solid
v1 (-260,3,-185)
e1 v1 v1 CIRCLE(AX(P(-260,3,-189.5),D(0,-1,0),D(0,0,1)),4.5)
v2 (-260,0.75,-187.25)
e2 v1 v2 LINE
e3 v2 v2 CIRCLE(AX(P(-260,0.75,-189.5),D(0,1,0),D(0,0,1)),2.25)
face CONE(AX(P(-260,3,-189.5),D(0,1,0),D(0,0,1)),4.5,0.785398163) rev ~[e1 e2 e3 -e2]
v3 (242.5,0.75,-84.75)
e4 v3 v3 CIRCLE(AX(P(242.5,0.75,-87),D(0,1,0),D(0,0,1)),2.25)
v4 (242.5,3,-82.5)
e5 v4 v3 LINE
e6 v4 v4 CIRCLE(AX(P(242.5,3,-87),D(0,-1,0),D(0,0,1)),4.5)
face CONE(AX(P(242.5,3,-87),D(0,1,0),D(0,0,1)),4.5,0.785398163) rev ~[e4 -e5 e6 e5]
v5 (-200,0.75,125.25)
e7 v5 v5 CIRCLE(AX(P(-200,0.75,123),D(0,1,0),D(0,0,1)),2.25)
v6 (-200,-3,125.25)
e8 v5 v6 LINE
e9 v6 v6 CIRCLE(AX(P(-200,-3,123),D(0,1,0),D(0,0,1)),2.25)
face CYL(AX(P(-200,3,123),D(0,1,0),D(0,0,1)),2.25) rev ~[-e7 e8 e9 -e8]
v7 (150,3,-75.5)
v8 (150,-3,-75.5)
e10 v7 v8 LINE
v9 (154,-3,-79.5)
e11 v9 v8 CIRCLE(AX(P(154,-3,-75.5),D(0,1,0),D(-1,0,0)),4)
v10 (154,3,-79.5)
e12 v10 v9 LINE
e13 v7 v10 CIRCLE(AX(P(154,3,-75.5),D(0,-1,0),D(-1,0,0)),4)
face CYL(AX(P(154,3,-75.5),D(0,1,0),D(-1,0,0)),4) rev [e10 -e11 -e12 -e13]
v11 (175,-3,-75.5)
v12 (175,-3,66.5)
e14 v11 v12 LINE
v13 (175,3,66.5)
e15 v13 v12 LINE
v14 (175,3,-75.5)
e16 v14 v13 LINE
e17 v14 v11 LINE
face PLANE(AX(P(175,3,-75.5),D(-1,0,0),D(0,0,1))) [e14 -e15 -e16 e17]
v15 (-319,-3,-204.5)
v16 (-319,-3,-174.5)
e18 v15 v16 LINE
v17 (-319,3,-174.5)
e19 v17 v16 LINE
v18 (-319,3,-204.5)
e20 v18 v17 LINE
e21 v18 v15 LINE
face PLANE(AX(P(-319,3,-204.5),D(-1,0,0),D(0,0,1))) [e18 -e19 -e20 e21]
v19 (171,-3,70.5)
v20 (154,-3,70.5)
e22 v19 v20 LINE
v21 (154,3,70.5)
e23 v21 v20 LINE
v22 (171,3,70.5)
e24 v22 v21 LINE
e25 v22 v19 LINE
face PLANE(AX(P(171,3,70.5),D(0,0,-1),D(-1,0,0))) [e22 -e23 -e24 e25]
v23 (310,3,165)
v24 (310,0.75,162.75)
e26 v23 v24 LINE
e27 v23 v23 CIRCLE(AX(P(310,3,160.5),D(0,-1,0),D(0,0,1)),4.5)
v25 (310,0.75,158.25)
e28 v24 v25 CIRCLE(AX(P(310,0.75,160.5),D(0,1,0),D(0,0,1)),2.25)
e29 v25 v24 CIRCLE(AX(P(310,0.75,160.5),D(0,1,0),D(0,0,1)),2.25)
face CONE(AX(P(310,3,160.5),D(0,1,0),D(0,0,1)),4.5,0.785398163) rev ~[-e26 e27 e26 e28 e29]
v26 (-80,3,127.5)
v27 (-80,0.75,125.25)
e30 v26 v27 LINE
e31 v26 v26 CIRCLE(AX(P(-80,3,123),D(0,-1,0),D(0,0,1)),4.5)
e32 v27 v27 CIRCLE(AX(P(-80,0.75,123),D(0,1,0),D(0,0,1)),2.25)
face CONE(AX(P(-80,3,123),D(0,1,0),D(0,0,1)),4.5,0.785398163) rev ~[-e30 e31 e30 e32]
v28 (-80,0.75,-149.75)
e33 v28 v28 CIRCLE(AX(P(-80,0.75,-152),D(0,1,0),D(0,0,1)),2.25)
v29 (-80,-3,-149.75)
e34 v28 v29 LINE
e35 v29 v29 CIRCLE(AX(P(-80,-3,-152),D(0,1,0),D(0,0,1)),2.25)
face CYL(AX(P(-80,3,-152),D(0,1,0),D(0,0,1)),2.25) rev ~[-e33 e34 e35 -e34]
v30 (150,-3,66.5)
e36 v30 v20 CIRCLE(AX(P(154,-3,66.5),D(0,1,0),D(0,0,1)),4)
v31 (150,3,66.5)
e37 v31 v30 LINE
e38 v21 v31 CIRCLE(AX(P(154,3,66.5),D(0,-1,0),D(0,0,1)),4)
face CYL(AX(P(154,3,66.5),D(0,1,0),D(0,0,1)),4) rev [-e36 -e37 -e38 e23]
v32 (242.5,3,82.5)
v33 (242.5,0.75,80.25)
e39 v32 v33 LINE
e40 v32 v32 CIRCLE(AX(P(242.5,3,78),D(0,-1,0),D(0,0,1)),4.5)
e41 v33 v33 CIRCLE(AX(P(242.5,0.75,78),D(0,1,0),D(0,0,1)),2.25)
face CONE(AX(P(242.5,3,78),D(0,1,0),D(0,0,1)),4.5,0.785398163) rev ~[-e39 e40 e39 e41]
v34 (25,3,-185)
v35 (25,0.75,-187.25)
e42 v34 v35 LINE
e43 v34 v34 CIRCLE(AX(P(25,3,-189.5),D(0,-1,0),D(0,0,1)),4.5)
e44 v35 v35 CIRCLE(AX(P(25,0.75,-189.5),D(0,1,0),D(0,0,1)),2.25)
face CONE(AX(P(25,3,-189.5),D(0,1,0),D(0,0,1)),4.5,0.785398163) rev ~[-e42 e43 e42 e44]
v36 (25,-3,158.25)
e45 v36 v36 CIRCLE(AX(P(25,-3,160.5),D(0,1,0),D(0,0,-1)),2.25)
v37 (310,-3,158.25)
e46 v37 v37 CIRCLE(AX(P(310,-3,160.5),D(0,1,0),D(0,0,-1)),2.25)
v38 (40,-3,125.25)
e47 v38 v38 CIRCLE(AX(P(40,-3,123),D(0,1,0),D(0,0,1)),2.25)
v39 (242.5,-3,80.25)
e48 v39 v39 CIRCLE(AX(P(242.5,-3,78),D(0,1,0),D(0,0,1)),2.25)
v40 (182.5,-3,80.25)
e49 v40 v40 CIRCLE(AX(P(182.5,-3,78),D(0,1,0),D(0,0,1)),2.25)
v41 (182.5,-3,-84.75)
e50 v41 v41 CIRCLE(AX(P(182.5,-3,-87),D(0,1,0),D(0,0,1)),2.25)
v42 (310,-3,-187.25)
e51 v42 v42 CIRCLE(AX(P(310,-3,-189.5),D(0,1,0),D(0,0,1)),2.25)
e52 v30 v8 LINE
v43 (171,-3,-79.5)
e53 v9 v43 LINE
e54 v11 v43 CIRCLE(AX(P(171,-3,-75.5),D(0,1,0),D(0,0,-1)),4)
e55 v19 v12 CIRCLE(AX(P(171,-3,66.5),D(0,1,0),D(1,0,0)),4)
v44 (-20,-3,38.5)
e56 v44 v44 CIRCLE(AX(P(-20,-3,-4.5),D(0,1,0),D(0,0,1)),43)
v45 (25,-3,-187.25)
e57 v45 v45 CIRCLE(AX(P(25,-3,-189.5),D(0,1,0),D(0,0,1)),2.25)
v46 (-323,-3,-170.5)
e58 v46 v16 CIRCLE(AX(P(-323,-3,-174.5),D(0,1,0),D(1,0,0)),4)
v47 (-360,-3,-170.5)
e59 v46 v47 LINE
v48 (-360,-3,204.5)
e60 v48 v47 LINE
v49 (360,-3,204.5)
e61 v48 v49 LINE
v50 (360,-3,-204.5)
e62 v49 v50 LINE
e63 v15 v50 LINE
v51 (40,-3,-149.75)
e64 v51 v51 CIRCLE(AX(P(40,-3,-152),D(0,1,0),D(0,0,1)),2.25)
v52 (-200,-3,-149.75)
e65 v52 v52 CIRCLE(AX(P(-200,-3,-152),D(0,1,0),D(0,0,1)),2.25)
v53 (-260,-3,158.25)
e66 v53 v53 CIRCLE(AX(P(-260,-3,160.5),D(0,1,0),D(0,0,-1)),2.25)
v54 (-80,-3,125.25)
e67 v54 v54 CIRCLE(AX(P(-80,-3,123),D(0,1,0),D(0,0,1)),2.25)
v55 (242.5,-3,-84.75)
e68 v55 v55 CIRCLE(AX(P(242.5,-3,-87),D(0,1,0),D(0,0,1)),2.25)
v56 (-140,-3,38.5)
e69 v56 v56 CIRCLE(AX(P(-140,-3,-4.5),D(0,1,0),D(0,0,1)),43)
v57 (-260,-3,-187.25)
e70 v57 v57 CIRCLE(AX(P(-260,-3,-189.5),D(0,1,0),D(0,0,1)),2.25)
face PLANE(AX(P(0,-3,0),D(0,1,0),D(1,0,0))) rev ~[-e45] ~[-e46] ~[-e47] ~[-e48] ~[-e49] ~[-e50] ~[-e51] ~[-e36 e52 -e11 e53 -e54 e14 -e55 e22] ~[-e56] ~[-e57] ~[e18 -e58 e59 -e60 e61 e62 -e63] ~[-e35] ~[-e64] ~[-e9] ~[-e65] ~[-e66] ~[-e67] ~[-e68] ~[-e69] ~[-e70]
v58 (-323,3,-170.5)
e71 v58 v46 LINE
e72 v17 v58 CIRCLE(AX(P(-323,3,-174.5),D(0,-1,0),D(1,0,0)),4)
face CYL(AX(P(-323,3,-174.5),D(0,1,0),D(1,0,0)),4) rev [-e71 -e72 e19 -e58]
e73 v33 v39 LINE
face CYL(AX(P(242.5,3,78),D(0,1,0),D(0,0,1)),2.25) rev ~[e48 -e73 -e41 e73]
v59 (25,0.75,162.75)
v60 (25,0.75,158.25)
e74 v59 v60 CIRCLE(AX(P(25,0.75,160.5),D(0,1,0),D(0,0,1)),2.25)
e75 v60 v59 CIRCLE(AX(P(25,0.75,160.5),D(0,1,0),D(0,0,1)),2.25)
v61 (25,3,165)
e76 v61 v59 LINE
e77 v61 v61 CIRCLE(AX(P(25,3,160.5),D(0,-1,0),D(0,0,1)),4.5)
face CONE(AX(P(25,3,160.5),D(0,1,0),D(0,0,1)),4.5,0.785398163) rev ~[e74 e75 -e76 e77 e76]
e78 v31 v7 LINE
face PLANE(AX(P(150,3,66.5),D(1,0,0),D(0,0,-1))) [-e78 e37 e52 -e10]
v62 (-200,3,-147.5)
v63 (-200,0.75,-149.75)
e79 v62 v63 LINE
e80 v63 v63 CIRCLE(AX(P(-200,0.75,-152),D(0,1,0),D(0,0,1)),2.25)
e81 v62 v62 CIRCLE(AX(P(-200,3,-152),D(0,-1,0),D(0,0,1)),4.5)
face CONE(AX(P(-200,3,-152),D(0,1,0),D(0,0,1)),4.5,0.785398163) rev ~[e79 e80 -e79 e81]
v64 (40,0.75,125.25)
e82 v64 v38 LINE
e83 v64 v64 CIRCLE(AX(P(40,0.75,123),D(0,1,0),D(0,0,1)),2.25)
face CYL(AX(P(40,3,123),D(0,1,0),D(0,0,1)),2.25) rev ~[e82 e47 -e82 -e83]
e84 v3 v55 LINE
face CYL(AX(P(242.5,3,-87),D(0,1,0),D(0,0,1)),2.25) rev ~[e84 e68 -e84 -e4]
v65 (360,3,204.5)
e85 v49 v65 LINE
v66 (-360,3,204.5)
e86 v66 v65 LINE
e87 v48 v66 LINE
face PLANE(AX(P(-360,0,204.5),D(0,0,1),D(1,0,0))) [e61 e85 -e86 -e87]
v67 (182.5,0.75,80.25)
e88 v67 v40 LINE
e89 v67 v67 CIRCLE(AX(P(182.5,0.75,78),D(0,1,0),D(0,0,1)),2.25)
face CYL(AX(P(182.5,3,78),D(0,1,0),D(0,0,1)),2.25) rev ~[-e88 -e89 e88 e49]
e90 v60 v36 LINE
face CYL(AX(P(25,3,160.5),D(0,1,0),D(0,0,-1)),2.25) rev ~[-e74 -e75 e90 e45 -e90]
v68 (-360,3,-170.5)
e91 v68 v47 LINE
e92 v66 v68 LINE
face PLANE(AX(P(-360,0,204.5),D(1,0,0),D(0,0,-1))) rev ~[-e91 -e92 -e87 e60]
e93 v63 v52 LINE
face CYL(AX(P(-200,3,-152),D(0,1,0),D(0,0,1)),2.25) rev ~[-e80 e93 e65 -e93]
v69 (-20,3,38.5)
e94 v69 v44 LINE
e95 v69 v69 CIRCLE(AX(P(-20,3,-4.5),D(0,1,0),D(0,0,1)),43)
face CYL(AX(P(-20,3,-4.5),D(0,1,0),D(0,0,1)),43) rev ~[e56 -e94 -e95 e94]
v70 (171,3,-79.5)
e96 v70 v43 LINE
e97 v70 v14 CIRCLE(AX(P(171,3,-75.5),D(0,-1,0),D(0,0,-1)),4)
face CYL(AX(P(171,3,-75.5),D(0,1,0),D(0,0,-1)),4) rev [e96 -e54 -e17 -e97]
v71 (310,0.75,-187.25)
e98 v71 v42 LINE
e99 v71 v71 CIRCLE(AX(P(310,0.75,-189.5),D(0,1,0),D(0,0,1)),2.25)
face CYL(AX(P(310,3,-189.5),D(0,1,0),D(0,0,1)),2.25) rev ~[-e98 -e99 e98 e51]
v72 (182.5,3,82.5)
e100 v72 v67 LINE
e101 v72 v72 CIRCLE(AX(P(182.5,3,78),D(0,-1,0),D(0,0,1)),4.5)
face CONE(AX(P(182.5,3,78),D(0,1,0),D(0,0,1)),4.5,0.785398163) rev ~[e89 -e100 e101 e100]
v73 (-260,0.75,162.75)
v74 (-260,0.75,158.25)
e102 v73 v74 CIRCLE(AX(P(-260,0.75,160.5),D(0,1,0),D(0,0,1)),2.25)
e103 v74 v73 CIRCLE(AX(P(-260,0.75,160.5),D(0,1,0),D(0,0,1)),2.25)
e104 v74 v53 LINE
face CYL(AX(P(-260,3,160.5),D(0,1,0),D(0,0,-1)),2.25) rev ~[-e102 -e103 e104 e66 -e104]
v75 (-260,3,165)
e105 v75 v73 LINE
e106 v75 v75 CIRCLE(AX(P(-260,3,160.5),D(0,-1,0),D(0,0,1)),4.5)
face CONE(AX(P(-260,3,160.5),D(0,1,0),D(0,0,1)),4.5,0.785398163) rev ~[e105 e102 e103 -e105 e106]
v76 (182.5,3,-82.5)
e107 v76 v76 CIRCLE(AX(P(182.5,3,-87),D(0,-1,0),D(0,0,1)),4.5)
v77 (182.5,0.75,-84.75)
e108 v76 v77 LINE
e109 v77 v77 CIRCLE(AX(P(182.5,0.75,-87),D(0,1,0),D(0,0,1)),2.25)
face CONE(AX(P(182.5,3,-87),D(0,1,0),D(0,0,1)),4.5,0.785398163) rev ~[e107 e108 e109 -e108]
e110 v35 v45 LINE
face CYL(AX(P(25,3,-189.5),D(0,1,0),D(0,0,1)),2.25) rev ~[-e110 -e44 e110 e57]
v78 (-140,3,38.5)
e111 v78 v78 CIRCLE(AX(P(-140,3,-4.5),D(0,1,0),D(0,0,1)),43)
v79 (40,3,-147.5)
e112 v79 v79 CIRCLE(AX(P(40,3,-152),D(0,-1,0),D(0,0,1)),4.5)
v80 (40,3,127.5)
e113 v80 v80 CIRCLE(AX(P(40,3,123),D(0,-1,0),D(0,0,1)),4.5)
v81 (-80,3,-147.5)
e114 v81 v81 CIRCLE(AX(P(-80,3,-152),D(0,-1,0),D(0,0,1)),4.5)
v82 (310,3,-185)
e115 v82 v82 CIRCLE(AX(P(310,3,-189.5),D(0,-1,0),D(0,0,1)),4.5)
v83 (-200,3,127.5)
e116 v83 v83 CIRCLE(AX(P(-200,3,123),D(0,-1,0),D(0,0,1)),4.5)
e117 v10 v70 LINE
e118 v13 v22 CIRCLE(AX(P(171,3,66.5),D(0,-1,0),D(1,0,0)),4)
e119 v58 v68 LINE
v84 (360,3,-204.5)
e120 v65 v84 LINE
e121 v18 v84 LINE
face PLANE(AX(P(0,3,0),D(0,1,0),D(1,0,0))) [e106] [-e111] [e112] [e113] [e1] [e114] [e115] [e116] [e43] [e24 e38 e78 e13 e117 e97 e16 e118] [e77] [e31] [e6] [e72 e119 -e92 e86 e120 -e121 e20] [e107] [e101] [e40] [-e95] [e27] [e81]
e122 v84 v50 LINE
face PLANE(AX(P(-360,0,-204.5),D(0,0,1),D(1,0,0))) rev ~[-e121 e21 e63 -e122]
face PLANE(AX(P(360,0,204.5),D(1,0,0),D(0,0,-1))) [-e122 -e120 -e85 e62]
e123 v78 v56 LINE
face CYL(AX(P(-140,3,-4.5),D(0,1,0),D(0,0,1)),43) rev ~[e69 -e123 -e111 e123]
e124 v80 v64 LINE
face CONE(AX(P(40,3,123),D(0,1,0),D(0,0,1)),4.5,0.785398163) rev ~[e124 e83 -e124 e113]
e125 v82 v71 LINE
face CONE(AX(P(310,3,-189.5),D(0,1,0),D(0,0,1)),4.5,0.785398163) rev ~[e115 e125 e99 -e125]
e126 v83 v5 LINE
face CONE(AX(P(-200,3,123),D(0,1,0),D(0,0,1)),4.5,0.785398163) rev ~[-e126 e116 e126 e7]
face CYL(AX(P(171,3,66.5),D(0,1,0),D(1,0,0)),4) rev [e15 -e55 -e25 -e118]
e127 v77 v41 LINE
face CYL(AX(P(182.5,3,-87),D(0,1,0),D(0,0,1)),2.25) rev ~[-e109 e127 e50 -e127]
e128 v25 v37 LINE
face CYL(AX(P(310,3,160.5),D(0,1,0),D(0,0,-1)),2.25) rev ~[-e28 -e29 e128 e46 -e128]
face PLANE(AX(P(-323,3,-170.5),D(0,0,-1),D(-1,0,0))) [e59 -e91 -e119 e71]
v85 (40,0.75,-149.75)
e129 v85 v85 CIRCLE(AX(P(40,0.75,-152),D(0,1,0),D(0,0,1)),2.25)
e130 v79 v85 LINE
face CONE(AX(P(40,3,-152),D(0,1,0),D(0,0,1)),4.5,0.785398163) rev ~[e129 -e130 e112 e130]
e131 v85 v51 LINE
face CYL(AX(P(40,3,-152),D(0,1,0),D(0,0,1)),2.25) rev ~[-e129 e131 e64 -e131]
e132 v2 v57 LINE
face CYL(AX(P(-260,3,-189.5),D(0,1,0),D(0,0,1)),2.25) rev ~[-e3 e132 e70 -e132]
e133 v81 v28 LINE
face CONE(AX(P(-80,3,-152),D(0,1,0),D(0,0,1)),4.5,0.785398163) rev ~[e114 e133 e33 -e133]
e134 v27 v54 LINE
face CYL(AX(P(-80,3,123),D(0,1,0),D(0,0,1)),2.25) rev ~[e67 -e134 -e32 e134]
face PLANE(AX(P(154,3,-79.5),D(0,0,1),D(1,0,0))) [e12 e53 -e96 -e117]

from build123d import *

# Parameters (mm, degrees)
SKETCH1_W           = 720
SKETCH1_H           = 409
BOSS_EXTRUDE1_DEPTH = 3
CUT_EXTRUDE2_DEPTH  = 415.072759307
CUT_EXTRUDE3_DEPTH  = 415.072759307
SKETCH7_R           = 2.25
CUT_EXTRUDE4_DEPTH  = 415.072759307
SKETCH9_R           = 43
CUT_EXTRUDE6_DEPTH  = 415.072759308


with BuildPart() as part:
    # Sketch1 → Boss-Extrude1 (new, symmetric)
    with BuildSketch(Plane(origin=(0, 0, 0), x_dir=(1, 0, 0), z_dir=(0, 1, 0))):
        Rectangle(SKETCH1_W, SKETCH1_H)
    extrude(amount=BOSS_EXTRUDE1_DEPTH, both=True)

    # Sketch5 → Cut-Extrude2 (cut, through all)
    with BuildSketch(Plane(origin=(0, 3, 0), x_dir=(1, 0, 0), z_dir=(0, 1, 0))):
        with BuildLine():
            Line((154, 79.5), (171, 79.5))
            ThreePointArc((171, 79.5), (173.828427125, 78.328427125), (175, 75.5))
            Line((175, 75.5), (175, -66.5))
            ThreePointArc((175, -66.5), (173.828427125, -69.328427125), (171, -70.5))
            Line((171, -70.5), (154, -70.5))
            ThreePointArc((154, -70.5), (151.171572875, -69.328427125), (150, -66.5))
            Line((150, -66.5), (150, 75.5))
            ThreePointArc((150, 75.5), (151.171572875, 78.328427125), (154, 79.5))
        make_face()
    extrude(amount=-CUT_EXTRUDE2_DEPTH, mode=Mode.SUBTRACT)

    # Sketch6 → Cut-Extrude3 (cut, through all)
    with BuildSketch(Plane(origin=(0, 3, 0), x_dir=(1, 0, 0), z_dir=(0, 1, 0))):
        with BuildLine():
            Line((-360, 204.5), (-319, 204.5))
            Line((-319, 204.5), (-319, 174.5))
            ThreePointArc((-319, 174.5), (-320.171572875, 171.671572875), (-323, 170.5))
            Line((-323, 170.5), (-360, 170.5))
            Line((-360, 170.5), (-360, 204.5))
        make_face()
    extrude(amount=-CUT_EXTRUDE3_DEPTH, mode=Mode.SUBTRACT)

    # Sketch7 → Cut-Extrude4 (cut, through all)
    with BuildSketch(Plane(origin=(0, 3, 0), x_dir=(1, 0, 0), z_dir=(0, 1, 0))):
        with Locations(Location((-260, 189.5, 0), (0, 0, 270))):
            Circle(SKETCH7_R)
        with Locations(Location((25, 189.5, 0), (0, 0, 270))):
            Circle(SKETCH7_R)
        with Locations(Location((310, 189.5, 0), (0, 0, 270))):
            Circle(SKETCH7_R)
        with Locations(Location((310, -160.5, 0), (0, 0, 90))):
            Circle(SKETCH7_R)
        with Locations(Location((25, -160.5, 0), (0, 0, 90))):
            Circle(SKETCH7_R)
        with Locations(Location((-260, -160.5, 0), (0, 0, 90))):
            Circle(SKETCH7_R)
        with Locations(Location((-200, 152, 0), (0, 0, 270))):
            Circle(SKETCH7_R)
        with Locations(Location((-200, -123, 0), (0, 0, 270))):
            Circle(SKETCH7_R)
        with Locations(Location((-80, 152, 0), (0, 0, 270))):
            Circle(SKETCH7_R)
        with Locations(Location((-80, -123, 0), (0, 0, 270))):
            Circle(SKETCH7_R)
        with Locations(Location((40, 152, 0), (0, 0, 270))):
            Circle(SKETCH7_R)
        with Locations(Location((40, -123, 0), (0, 0, 270))):
            Circle(SKETCH7_R)
        with Locations(Location((182.5, 87, 0), (0, 0, 270))):
            Circle(SKETCH7_R)
        with Locations(Location((242.5, 87, 0), (0, 0, 270))):
            Circle(SKETCH7_R)
        with Locations(Location((242.5, -78, 0), (0, 0, 270))):
            Circle(SKETCH7_R)
        with Locations(Location((182.5, -78, 0), (0, 0, 270))):
            Circle(SKETCH7_R)
    extrude(amount=-CUT_EXTRUDE4_DEPTH, mode=Mode.SUBTRACT)

    # Cut-Extrude5 cone 1 section (through the dimple's axis) → Cut-Extrude5 (revolve, cut)
    with BuildSketch(Plane(origin=(-260, 3, -189.5), x_dir=(0, 0, 1), z_dir=(1, 0, 0))):
        Polygon((0, 0), (4.5, 0), (0, 4.5), align=None)
    revolve(axis=Axis((-260, 3, -189.5), (0, -1, 0)), mode=Mode.SUBTRACT)

    # Cut-Extrude5 cone 2 section (through the dimple's axis) → Cut-Extrude5 cone 2 (revolve, cut)
    with BuildSketch(Plane(origin=(-200, 3, -152), x_dir=(0, 0, 1), z_dir=(1, 0, 0))):
        Polygon((0, 0), (4.5, 0), (0, 4.5), align=None)
    revolve(axis=Axis((-200, 3, -152), (0, -1, 0)), mode=Mode.SUBTRACT)

    # Cut-Extrude5 cone 3 section (through the dimple's axis) → Cut-Extrude5 cone 3 (revolve, cut)
    with BuildSketch(Plane(origin=(-80, 3, -152), x_dir=(0, 0, 1), z_dir=(1, 0, 0))):
        Polygon((0, 0), (4.5, 0), (0, 4.5), align=None)
    revolve(axis=Axis((-80, 3, -152), (0, -1, 0)), mode=Mode.SUBTRACT)

    # Cut-Extrude5 cone 4 section (through the dimple's axis) → Cut-Extrude5 cone 4 (revolve, cut)
    with BuildSketch(Plane(origin=(25, 3, -189.5), x_dir=(0, 0, 1), z_dir=(1, 0, 0))):
        Polygon((0, 0), (4.5, 0), (0, 4.5), align=None)
    revolve(axis=Axis((25, 3, -189.5), (0, -1, 0)), mode=Mode.SUBTRACT)

    # Cut-Extrude5 cone 5 section (through the dimple's axis) → Cut-Extrude5 cone 5 (revolve, cut)
    with BuildSketch(Plane(origin=(40, 3, -152), x_dir=(0, 0, 1), z_dir=(1, 0, 0))):
        Polygon((0, 0), (4.5, 0), (0, 4.5), align=None)
    revolve(axis=Axis((40, 3, -152), (0, -1, 0)), mode=Mode.SUBTRACT)

    # Cut-Extrude5 cone 6 section (through the dimple's axis) → Cut-Extrude5 cone 6 (revolve, cut)
    with BuildSketch(Plane(origin=(310, 3, -189.5), x_dir=(0, 0, 1), z_dir=(1, 0, 0))):
        Polygon((0, 0), (4.5, 0), (0, 4.5), align=None)
    revolve(axis=Axis((310, 3, -189.5), (0, -1, 0)), mode=Mode.SUBTRACT)

    # Cut-Extrude5 cone 7 section (through the dimple's axis) → Cut-Extrude5 cone 7 (revolve, cut)
    with BuildSketch(Plane(origin=(-200, 3, 123), x_dir=(0, 0, 1), z_dir=(1, 0, 0))):
        Polygon((0, 0), (4.5, 0), (0, 4.5), align=None)
    revolve(axis=Axis((-200, 3, 123), (0, -1, 0)), mode=Mode.SUBTRACT)

    # Cut-Extrude5 cone 8 section (through the dimple's axis) → Cut-Extrude5 cone 8 (revolve, cut)
    with BuildSketch(Plane(origin=(-260, 3, 160.5), x_dir=(0, 0, 1), z_dir=(1, 0, 0))):
        Polygon((0, 0), (4.5, 0), (0, 4.5), align=None)
    revolve(axis=Axis((-260, 3, 160.5), (0, -1, 0)), mode=Mode.SUBTRACT)

    # Cut-Extrude5 cone 9 section (through the dimple's axis) → Cut-Extrude5 cone 9 (revolve, cut)
    with BuildSketch(Plane(origin=(-80, 3, 123), x_dir=(0, 0, 1), z_dir=(1, 0, 0))):
        Polygon((0, 0), (4.5, 0), (0, 4.5), align=None)
    revolve(axis=Axis((-80, 3, 123), (0, -1, 0)), mode=Mode.SUBTRACT)

    # Cut-Extrude5 cone 10 section (through the dimple's axis) → Cut-Extrude5 cone 10 (revolve, cut)
    with BuildSketch(Plane(origin=(25, 3, 160.5), x_dir=(0, 0, 1), z_dir=(1, 0, 0))):
        Polygon((0, 0), (4.5, 0), (0, 4.5), align=None)
    revolve(axis=Axis((25, 3, 160.5), (0, -1, 0)), mode=Mode.SUBTRACT)

    # Cut-Extrude5 cone 11 section (through the dimple's axis) → Cut-Extrude5 cone 11 (revolve, cut)
    with BuildSketch(Plane(origin=(40, 3, 123), x_dir=(0, 0, 1), z_dir=(1, 0, 0))):
        Polygon((0, 0), (4.5, 0), (0, 4.5), align=None)
    revolve(axis=Axis((40, 3, 123), (0, -1, 0)), mode=Mode.SUBTRACT)

    # Cut-Extrude5 cone 12 section (through the dimple's axis) → Cut-Extrude5 cone 12 (revolve, cut)
    with BuildSketch(Plane(origin=(310, 3, 160.5), x_dir=(0, 0, 1), z_dir=(1, 0, 0))):
        Polygon((0, 0), (4.5, 0), (0, 4.5), align=None)
    revolve(axis=Axis((310, 3, 160.5), (0, -1, 0)), mode=Mode.SUBTRACT)

    # Cut-Extrude5 cone 13 section (through the dimple's axis) → Cut-Extrude5 cone 13 (revolve, cut)
    with BuildSketch(Plane(origin=(182.5, 3, -87), x_dir=(0, 0, 1), z_dir=(1, 0, 0))):
        Polygon((0, 0), (4.5, 0), (0, 4.5), align=None)
    revolve(axis=Axis((182.5, 3, -87), (0, -1, 0)), mode=Mode.SUBTRACT)

    # Cut-Extrude5 cone 14 section (through the dimple's axis) → Cut-Extrude5 cone 14 (revolve, cut)
    with BuildSketch(Plane(origin=(242.5, 3, -87), x_dir=(0, 0, 1), z_dir=(1, 0, 0))):
        Polygon((0, 0), (4.5, 0), (0, 4.5), align=None)
    revolve(axis=Axis((242.5, 3, -87), (0, -1, 0)), mode=Mode.SUBTRACT)

    # Cut-Extrude5 cone 15 section (through the dimple's axis) → Cut-Extrude5 cone 15 (revolve, cut)
    with BuildSketch(Plane(origin=(182.5, 3, 78), x_dir=(0, 0, 1), z_dir=(1, 0, 0))):
        Polygon((0, 0), (4.5, 0), (0, 4.5), align=None)
    revolve(axis=Axis((182.5, 3, 78), (0, -1, 0)), mode=Mode.SUBTRACT)

    # Cut-Extrude5 cone 16 section (through the dimple's axis) → Cut-Extrude5 cone 16 (revolve, cut)
    with BuildSketch(Plane(origin=(242.5, 3, 78), x_dir=(0, 0, 1), z_dir=(1, 0, 0))):
        Polygon((0, 0), (4.5, 0), (0, 4.5), align=None)
    revolve(axis=Axis((242.5, 3, 78), (0, -1, 0)), mode=Mode.SUBTRACT)

    # Sketch9 → Cut-Extrude6 (cut, through all)
    with BuildSketch(Plane(origin=(0, 3, 0), x_dir=(1, 0, 0), z_dir=(0, 1, 0))):
        with Locations(Location((-20, 4.5, 0), (0, 0, 270))):
            Circle(SKETCH9_R)
        with Locations(Location((-140, 4.5, 0), (0, 0, 270))):
            Circle(SKETCH9_R)
    extrude(amount=-CUT_EXTRUDE6_DEPTH, mode=Mode.SUBTRACT)


solid = part.part
